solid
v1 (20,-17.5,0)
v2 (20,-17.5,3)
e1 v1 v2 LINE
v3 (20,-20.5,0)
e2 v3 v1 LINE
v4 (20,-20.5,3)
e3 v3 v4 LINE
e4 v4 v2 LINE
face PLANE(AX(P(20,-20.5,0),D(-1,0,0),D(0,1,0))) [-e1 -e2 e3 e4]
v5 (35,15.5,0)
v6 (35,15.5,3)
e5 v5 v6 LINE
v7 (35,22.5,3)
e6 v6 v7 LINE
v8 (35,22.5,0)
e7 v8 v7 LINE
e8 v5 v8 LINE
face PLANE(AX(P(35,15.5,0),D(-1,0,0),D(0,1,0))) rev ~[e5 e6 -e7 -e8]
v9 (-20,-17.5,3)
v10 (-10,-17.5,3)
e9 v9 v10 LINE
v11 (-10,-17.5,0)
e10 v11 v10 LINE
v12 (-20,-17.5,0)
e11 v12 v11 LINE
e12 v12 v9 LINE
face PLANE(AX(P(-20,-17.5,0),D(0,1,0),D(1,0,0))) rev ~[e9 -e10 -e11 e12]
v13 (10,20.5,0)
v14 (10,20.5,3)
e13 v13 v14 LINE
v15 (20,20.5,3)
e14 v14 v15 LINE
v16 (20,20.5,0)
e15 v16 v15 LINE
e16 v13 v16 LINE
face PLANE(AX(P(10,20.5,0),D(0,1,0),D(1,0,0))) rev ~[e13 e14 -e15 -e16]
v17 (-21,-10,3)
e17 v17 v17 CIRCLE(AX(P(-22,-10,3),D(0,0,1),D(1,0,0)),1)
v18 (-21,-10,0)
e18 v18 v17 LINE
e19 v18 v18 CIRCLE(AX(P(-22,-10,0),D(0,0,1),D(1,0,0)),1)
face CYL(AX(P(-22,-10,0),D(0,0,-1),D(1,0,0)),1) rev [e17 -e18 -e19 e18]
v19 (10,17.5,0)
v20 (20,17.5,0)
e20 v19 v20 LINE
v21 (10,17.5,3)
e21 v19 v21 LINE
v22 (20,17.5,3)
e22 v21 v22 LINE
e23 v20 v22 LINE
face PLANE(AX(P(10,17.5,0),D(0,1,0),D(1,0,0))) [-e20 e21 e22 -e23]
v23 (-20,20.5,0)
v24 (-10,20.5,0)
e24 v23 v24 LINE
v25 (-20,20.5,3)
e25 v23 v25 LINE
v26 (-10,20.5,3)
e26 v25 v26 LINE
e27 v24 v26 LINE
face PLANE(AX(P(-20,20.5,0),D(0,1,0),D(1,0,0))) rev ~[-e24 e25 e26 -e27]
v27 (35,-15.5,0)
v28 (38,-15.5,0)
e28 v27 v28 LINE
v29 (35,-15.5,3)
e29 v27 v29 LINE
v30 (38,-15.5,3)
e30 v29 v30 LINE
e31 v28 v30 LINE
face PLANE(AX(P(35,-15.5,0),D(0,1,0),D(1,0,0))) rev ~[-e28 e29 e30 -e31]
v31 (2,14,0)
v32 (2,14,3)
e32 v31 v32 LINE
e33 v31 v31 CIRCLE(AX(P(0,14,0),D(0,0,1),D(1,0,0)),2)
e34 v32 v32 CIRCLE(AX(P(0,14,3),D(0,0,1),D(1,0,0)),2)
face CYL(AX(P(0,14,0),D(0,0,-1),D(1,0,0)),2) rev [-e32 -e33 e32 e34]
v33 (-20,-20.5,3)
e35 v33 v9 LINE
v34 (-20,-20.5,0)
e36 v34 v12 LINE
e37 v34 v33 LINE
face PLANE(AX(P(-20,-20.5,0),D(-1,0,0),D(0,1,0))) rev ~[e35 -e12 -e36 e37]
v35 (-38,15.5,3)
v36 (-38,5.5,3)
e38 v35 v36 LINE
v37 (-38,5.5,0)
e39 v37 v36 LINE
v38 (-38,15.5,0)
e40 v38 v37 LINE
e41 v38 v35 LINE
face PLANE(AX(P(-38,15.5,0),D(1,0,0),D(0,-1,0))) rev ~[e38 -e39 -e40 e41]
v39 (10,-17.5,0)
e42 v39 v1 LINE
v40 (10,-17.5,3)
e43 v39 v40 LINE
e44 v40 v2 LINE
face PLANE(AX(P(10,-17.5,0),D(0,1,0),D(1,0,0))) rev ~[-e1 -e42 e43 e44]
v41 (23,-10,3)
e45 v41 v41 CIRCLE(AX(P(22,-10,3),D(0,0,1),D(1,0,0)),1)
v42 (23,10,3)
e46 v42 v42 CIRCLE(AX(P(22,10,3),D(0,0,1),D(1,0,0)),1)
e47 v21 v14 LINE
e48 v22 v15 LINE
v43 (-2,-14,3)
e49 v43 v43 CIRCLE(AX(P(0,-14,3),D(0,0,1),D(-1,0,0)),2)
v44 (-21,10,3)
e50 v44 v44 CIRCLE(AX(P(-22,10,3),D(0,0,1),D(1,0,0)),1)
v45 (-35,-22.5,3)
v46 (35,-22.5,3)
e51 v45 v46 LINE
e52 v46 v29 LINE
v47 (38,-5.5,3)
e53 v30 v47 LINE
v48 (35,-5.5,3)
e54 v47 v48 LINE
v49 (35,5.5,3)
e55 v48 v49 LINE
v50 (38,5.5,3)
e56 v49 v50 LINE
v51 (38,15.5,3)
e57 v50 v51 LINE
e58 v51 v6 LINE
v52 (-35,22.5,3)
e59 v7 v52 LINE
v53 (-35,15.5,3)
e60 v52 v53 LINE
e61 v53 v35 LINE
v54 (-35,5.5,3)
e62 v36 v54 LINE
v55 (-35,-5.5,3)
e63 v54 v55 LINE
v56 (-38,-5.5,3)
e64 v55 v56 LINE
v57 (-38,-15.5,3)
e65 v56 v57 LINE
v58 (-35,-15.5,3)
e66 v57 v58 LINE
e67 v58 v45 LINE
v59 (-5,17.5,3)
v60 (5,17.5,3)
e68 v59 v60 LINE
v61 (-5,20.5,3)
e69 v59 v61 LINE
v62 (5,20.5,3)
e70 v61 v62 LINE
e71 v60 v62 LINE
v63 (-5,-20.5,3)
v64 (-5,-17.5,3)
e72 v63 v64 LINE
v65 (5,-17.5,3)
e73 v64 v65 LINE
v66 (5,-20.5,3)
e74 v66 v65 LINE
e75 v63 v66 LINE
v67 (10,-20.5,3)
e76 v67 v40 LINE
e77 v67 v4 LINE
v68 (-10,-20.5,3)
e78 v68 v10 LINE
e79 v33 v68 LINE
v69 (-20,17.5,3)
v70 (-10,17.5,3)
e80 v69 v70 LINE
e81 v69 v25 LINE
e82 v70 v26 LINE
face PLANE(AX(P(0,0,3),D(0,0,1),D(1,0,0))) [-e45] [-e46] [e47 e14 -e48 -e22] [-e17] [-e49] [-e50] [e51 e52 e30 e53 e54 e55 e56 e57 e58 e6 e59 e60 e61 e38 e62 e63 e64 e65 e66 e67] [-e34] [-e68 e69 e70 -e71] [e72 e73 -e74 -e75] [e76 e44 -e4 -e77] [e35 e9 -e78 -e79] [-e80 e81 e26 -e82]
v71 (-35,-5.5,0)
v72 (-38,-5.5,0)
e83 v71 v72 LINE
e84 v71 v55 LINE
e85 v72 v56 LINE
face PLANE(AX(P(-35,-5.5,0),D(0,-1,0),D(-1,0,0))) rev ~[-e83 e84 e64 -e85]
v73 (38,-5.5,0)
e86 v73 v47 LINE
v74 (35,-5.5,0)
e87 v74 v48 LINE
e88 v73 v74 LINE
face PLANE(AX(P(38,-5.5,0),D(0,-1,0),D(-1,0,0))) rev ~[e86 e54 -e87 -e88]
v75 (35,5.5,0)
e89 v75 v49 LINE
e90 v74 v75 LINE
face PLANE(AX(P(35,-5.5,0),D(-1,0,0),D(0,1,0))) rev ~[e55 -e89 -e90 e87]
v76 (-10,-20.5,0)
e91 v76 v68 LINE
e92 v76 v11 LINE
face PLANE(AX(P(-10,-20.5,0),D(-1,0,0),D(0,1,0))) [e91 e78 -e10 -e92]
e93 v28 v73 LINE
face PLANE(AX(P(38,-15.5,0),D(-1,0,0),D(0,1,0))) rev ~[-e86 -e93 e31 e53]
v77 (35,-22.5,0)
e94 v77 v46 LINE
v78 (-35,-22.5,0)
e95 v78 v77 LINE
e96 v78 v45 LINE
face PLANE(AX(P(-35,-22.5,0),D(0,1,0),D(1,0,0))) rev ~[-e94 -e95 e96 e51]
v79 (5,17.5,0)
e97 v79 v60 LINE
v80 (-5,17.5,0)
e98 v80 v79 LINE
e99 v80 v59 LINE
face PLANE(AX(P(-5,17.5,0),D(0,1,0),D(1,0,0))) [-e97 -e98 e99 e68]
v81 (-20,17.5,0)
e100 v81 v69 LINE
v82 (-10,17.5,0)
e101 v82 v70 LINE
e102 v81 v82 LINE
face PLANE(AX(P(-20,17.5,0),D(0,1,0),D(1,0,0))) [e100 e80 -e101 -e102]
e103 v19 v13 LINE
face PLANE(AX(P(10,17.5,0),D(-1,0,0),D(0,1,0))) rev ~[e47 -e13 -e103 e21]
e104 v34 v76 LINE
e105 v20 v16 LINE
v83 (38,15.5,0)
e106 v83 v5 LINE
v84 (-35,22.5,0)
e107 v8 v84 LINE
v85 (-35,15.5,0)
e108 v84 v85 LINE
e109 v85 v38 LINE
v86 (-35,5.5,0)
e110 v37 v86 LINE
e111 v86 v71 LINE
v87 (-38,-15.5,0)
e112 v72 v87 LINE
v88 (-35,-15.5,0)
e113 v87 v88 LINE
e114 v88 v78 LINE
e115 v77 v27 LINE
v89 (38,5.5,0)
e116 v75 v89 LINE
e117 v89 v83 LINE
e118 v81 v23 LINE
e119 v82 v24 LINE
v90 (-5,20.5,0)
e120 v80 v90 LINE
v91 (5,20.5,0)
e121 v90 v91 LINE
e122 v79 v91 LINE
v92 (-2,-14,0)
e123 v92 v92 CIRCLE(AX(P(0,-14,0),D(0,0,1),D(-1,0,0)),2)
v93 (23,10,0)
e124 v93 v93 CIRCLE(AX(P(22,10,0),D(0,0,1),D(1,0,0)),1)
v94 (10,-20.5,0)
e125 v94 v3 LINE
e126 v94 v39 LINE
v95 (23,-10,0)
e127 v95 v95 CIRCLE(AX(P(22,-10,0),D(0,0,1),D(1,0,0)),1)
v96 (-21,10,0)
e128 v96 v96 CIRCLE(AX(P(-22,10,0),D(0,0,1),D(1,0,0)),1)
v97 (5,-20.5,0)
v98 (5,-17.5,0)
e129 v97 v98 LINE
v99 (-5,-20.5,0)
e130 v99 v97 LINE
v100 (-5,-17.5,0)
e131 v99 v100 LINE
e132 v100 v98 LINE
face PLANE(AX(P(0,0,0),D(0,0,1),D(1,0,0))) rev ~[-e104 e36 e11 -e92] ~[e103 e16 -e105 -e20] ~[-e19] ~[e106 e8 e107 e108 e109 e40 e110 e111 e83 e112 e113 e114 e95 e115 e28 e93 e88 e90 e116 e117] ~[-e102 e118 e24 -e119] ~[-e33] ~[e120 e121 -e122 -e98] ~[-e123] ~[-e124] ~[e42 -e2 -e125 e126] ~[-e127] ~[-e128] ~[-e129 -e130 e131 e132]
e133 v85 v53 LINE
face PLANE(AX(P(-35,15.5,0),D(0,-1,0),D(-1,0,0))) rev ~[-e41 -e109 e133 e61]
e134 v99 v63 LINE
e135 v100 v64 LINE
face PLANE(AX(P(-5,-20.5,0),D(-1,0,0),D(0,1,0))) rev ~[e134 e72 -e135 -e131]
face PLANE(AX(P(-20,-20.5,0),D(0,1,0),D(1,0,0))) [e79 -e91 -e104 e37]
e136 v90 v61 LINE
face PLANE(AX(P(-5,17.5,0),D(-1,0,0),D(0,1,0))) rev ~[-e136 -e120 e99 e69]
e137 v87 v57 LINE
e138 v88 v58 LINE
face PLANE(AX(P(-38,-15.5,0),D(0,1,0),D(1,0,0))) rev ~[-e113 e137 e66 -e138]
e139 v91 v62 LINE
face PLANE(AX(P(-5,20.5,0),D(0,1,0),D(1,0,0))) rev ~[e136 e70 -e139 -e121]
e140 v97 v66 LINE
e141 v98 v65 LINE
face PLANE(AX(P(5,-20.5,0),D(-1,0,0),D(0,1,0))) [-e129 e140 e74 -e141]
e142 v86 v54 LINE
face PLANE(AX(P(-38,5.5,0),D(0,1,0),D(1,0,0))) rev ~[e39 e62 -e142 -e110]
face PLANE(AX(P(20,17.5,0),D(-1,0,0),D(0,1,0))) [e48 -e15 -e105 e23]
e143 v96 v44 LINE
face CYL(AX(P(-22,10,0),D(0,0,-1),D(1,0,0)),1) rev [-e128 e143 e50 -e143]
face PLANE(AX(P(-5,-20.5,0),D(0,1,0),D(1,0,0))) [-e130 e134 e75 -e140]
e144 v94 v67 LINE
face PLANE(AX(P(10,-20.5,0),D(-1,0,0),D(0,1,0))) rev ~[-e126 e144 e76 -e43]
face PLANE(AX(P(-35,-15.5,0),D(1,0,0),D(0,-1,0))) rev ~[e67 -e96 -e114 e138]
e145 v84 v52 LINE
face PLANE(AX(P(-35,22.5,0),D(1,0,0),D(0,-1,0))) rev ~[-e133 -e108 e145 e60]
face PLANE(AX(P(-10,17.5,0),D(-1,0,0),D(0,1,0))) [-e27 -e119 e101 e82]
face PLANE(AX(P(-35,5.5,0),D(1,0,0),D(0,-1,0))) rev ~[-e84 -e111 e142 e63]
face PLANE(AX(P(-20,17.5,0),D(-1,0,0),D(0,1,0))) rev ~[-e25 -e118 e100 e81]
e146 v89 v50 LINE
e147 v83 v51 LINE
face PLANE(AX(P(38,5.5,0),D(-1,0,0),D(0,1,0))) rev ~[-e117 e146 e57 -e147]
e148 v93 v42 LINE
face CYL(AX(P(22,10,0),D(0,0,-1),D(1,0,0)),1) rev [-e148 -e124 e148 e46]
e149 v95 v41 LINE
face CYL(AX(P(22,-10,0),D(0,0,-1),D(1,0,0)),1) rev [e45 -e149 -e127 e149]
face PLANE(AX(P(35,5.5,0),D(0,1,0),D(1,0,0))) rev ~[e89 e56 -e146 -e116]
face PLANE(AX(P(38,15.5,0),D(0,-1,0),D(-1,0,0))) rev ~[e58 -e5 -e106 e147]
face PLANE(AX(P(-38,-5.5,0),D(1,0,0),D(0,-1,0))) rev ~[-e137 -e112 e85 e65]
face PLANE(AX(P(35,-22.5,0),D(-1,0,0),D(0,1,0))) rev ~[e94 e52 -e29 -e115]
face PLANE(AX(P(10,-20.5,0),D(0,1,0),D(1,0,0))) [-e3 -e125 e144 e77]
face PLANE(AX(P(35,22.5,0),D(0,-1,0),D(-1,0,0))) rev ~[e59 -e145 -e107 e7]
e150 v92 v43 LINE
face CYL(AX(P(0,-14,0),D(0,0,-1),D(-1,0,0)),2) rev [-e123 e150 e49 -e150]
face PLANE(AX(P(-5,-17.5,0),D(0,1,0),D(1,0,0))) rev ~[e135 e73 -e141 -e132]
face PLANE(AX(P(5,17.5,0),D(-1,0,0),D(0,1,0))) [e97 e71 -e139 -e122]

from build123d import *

# Parameters (mm, degrees)
SKETCH_1_R      = 2
SKETCH_1_R_2    = 1
SKETCH_1_W      = 10
SKETCH_1_H      = 3
EXTRUDE_1_DEPTH = 3


with BuildPart() as part:
    # 草图1 → 凸台-拉伸1 (new body)
    with BuildSketch(Plane.XY):
        Polygon((-35, 17.5), (-35, 15.5), (-38, 15.5), (-38, 5.5), (-35, 5.5), (-35, -5.5), (-38, -5.5), (-38, -15.5), (-35, -15.5), (-35, -17.5), (-35, -22.5), (35, -22.5), (35, -17.5), (35, -15.5), (38, -15.5), (38, -5.5), (35, -5.5), (35, 5.5), (38, 5.5), (38, 15.5), (35, 15.5), (35, 17.5), (35, 22.5), (-35, 22.5), align=None)
        with Locations((0, 14)):
            Circle(SKETCH_1_R, mode=Mode.SUBTRACT)
        with Locations(Location((0, -14, 0), (0, 0, 180))):
            Circle(SKETCH_1_R, mode=Mode.SUBTRACT)
        with Locations((22, 10)):
            Circle(SKETCH_1_R_2, mode=Mode.SUBTRACT)
        with Locations((22, -10)):
            Circle(SKETCH_1_R_2, mode=Mode.SUBTRACT)
        with Locations((-22, -10)):
            Circle(SKETCH_1_R_2, mode=Mode.SUBTRACT)
        with Locations((-22, 10)):
            Circle(SKETCH_1_R_2, mode=Mode.SUBTRACT)
        with Locations((0, 19)):
            Rectangle(SKETCH_1_W, SKETCH_1_H, mode=Mode.SUBTRACT)
        with Locations((-15, 19)):
            Rectangle(SKETCH_1_W, SKETCH_1_H, mode=Mode.SUBTRACT)
        with Locations((15, 19)):
            Rectangle(SKETCH_1_W, SKETCH_1_H, mode=Mode.SUBTRACT)
        with Locations((15, -19)):
            Rectangle(SKETCH_1_W, SKETCH_1_H, mode=Mode.SUBTRACT)
        with Locations((0, -19)):
            Rectangle(SKETCH_1_W, SKETCH_1_H, mode=Mode.SUBTRACT)
        with Locations((-15, -19)):
            Rectangle(SKETCH_1_W, SKETCH_1_H, mode=Mode.SUBTRACT)
    extrude(amount=EXTRUDE_1_DEPTH)


solid = part.part
